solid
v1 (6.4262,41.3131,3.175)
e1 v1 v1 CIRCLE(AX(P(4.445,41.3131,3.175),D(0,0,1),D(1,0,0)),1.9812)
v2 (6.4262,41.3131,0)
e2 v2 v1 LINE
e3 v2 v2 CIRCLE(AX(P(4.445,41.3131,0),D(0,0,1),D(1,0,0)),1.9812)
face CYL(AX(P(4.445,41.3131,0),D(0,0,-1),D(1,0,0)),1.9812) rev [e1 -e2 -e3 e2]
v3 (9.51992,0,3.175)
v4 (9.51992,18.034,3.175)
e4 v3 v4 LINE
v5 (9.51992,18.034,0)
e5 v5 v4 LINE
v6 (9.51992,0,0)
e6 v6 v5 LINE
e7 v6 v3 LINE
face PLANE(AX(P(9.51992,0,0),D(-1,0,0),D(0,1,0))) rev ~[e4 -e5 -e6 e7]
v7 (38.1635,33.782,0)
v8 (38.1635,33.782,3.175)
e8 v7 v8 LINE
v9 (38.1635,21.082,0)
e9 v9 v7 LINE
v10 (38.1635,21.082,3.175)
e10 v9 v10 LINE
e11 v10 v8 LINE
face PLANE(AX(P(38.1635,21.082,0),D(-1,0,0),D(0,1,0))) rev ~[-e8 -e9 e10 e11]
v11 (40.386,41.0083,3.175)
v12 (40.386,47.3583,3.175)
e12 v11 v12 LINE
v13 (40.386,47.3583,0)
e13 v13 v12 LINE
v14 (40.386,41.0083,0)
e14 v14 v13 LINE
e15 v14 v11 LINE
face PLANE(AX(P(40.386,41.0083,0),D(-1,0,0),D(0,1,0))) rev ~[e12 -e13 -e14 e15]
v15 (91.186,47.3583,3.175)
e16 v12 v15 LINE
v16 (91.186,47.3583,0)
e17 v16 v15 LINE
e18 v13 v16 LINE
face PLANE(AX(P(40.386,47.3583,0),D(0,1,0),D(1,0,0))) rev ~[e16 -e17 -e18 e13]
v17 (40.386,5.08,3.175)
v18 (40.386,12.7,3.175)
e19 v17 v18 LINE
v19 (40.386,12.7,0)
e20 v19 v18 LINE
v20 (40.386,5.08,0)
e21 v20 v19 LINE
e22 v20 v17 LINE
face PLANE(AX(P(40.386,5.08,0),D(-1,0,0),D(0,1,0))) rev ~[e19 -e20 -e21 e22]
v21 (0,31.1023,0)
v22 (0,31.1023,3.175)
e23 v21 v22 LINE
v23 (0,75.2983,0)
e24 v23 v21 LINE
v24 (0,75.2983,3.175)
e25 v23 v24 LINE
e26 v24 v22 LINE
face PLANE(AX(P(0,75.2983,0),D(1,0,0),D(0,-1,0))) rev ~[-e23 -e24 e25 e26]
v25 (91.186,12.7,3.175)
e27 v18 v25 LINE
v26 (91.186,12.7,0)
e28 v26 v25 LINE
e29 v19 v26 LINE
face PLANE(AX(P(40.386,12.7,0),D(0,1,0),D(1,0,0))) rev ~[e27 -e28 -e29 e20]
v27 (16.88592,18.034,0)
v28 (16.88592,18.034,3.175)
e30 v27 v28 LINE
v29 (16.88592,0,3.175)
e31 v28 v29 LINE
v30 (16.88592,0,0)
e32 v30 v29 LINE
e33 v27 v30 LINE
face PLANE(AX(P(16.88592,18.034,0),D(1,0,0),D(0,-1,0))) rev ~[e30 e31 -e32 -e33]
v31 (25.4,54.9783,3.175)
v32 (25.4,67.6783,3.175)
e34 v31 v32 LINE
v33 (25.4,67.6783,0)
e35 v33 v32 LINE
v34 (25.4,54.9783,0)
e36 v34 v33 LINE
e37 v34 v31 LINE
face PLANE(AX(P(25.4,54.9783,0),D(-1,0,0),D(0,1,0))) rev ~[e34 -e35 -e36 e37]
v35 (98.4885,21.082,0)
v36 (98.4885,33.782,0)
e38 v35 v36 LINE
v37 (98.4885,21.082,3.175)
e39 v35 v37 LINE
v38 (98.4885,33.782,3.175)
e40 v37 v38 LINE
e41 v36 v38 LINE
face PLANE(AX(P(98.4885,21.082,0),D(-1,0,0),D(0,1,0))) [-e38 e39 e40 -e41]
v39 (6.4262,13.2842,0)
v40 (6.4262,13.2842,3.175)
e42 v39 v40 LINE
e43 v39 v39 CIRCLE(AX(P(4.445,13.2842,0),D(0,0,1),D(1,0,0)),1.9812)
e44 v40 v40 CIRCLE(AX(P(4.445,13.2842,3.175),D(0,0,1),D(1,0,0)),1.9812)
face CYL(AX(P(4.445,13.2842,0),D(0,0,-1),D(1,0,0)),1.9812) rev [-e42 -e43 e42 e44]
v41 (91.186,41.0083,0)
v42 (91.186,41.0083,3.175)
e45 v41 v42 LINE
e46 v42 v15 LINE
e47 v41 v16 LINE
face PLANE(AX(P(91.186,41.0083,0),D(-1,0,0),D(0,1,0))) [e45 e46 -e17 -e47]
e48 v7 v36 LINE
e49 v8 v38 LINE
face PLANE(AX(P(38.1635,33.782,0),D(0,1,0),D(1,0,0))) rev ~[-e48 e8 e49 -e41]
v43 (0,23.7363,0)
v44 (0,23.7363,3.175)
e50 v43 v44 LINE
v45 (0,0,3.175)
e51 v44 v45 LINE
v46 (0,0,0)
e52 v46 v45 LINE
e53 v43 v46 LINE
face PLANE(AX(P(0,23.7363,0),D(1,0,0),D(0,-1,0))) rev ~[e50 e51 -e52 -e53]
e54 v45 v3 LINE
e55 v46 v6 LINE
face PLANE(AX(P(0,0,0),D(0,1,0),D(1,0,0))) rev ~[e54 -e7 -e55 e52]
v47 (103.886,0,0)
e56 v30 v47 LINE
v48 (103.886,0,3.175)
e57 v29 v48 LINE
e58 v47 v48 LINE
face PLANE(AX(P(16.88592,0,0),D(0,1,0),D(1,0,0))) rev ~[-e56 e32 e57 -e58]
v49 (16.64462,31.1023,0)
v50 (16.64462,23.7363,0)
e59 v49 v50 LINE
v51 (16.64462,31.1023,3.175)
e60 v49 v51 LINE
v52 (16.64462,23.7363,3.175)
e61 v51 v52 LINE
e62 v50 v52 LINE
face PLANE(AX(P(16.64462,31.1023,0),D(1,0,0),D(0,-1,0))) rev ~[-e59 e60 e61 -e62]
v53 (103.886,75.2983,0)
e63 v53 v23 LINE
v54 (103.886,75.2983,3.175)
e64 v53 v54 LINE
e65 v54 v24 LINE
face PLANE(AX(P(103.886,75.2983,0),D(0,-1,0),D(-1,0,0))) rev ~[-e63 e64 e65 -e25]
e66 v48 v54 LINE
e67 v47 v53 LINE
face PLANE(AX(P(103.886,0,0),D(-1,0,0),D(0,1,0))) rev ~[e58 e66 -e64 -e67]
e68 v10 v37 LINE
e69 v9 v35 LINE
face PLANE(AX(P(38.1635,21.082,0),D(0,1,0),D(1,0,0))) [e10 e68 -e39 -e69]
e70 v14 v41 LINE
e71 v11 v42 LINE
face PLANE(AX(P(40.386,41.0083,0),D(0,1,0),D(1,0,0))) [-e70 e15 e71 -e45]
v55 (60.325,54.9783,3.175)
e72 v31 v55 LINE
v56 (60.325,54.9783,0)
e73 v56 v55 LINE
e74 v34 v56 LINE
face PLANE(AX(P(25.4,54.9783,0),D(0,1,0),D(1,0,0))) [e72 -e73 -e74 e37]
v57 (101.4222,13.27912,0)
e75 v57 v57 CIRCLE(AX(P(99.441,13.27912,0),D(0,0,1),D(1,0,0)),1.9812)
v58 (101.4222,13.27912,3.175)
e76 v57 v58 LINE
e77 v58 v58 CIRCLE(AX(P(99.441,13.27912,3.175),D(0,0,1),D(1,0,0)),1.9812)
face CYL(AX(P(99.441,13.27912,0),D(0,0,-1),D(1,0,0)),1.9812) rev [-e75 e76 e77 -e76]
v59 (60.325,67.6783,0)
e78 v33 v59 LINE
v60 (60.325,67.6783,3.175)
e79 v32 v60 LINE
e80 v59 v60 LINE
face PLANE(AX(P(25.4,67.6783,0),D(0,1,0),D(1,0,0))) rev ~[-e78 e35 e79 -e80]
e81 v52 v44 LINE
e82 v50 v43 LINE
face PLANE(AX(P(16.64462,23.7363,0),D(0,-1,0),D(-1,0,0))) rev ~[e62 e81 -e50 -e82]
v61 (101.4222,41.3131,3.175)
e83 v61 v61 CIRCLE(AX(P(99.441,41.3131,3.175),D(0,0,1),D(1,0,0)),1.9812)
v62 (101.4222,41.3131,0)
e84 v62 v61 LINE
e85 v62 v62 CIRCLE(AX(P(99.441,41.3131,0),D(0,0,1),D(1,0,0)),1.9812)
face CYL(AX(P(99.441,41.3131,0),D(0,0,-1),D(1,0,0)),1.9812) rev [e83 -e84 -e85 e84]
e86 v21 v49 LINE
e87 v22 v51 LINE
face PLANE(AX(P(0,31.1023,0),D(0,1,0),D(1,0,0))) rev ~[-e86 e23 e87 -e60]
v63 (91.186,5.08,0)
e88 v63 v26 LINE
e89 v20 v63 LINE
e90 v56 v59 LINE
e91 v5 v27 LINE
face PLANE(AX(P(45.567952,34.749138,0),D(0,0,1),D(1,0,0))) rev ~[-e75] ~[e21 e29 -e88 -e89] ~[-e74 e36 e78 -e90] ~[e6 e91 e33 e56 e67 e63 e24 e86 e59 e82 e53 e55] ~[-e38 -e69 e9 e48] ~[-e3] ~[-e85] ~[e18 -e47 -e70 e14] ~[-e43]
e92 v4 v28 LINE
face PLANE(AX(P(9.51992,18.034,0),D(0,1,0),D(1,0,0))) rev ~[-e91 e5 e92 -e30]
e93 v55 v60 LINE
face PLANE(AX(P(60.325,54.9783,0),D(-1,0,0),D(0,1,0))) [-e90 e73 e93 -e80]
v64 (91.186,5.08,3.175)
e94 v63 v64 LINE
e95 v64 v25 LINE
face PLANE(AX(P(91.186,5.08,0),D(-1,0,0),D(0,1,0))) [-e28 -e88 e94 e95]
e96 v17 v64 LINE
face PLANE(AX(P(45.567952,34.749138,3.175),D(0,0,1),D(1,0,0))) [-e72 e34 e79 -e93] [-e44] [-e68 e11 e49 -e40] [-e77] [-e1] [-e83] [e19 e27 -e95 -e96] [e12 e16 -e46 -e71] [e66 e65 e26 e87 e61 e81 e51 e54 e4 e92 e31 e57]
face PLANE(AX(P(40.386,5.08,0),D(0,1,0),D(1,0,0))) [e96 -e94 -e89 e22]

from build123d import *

# Parameters (mm, degrees)
F0_R     = 1.9812
F0_W     = 50.8
F0_H     = 7.62
F0_W_2   = 60.325
F0_H_2   = 12.7
F0_W_3   = 34.925
F0_H_3   = 6.35
F1_DEPTH = 3.175


with BuildPart() as f1:
    # F0 (on Top) → F1 (new body)
    with BuildSketch(Plane.XY):
        Polygon((0, 23.7363), (0, 0), (9.51992, 0), (9.51992, 18.034), (16.88592, 18.034), (16.88592, 0), (103.886, 0), (103.886, 75.2983), (0, 75.2983), (0, 31.1023), (16.64462, 31.1023), (16.64462, 23.7363), align=None)
        with Locations((4.445, 13.2842)):
            Circle(F0_R, mode=Mode.SUBTRACT)
        with Locations((65.786, 8.89)):
            Rectangle(F0_W, F0_H, mode=Mode.SUBTRACT)
        with Locations((99.441, 13.27912)):
            Circle(F0_R, mode=Mode.SUBTRACT)
        with Locations((68.326, 27.432)):
            Rectangle(F0_W_2, F0_H_2, mode=Mode.SUBTRACT)
        with Locations((4.445, 41.3131)):
            Circle(F0_R, mode=Mode.SUBTRACT)
        with Locations((42.8625, 61.3283)):
            Rectangle(F0_W_3, F0_H_2, mode=Mode.SUBTRACT)
        with Locations((65.786, 44.1833)):
            Rectangle(F0_W, F0_H_3, mode=Mode.SUBTRACT)
        with Locations((99.441, 41.3131)):
            Circle(F0_R, mode=Mode.SUBTRACT)
    extrude(amount=F1_DEPTH)


solid = f1.part
